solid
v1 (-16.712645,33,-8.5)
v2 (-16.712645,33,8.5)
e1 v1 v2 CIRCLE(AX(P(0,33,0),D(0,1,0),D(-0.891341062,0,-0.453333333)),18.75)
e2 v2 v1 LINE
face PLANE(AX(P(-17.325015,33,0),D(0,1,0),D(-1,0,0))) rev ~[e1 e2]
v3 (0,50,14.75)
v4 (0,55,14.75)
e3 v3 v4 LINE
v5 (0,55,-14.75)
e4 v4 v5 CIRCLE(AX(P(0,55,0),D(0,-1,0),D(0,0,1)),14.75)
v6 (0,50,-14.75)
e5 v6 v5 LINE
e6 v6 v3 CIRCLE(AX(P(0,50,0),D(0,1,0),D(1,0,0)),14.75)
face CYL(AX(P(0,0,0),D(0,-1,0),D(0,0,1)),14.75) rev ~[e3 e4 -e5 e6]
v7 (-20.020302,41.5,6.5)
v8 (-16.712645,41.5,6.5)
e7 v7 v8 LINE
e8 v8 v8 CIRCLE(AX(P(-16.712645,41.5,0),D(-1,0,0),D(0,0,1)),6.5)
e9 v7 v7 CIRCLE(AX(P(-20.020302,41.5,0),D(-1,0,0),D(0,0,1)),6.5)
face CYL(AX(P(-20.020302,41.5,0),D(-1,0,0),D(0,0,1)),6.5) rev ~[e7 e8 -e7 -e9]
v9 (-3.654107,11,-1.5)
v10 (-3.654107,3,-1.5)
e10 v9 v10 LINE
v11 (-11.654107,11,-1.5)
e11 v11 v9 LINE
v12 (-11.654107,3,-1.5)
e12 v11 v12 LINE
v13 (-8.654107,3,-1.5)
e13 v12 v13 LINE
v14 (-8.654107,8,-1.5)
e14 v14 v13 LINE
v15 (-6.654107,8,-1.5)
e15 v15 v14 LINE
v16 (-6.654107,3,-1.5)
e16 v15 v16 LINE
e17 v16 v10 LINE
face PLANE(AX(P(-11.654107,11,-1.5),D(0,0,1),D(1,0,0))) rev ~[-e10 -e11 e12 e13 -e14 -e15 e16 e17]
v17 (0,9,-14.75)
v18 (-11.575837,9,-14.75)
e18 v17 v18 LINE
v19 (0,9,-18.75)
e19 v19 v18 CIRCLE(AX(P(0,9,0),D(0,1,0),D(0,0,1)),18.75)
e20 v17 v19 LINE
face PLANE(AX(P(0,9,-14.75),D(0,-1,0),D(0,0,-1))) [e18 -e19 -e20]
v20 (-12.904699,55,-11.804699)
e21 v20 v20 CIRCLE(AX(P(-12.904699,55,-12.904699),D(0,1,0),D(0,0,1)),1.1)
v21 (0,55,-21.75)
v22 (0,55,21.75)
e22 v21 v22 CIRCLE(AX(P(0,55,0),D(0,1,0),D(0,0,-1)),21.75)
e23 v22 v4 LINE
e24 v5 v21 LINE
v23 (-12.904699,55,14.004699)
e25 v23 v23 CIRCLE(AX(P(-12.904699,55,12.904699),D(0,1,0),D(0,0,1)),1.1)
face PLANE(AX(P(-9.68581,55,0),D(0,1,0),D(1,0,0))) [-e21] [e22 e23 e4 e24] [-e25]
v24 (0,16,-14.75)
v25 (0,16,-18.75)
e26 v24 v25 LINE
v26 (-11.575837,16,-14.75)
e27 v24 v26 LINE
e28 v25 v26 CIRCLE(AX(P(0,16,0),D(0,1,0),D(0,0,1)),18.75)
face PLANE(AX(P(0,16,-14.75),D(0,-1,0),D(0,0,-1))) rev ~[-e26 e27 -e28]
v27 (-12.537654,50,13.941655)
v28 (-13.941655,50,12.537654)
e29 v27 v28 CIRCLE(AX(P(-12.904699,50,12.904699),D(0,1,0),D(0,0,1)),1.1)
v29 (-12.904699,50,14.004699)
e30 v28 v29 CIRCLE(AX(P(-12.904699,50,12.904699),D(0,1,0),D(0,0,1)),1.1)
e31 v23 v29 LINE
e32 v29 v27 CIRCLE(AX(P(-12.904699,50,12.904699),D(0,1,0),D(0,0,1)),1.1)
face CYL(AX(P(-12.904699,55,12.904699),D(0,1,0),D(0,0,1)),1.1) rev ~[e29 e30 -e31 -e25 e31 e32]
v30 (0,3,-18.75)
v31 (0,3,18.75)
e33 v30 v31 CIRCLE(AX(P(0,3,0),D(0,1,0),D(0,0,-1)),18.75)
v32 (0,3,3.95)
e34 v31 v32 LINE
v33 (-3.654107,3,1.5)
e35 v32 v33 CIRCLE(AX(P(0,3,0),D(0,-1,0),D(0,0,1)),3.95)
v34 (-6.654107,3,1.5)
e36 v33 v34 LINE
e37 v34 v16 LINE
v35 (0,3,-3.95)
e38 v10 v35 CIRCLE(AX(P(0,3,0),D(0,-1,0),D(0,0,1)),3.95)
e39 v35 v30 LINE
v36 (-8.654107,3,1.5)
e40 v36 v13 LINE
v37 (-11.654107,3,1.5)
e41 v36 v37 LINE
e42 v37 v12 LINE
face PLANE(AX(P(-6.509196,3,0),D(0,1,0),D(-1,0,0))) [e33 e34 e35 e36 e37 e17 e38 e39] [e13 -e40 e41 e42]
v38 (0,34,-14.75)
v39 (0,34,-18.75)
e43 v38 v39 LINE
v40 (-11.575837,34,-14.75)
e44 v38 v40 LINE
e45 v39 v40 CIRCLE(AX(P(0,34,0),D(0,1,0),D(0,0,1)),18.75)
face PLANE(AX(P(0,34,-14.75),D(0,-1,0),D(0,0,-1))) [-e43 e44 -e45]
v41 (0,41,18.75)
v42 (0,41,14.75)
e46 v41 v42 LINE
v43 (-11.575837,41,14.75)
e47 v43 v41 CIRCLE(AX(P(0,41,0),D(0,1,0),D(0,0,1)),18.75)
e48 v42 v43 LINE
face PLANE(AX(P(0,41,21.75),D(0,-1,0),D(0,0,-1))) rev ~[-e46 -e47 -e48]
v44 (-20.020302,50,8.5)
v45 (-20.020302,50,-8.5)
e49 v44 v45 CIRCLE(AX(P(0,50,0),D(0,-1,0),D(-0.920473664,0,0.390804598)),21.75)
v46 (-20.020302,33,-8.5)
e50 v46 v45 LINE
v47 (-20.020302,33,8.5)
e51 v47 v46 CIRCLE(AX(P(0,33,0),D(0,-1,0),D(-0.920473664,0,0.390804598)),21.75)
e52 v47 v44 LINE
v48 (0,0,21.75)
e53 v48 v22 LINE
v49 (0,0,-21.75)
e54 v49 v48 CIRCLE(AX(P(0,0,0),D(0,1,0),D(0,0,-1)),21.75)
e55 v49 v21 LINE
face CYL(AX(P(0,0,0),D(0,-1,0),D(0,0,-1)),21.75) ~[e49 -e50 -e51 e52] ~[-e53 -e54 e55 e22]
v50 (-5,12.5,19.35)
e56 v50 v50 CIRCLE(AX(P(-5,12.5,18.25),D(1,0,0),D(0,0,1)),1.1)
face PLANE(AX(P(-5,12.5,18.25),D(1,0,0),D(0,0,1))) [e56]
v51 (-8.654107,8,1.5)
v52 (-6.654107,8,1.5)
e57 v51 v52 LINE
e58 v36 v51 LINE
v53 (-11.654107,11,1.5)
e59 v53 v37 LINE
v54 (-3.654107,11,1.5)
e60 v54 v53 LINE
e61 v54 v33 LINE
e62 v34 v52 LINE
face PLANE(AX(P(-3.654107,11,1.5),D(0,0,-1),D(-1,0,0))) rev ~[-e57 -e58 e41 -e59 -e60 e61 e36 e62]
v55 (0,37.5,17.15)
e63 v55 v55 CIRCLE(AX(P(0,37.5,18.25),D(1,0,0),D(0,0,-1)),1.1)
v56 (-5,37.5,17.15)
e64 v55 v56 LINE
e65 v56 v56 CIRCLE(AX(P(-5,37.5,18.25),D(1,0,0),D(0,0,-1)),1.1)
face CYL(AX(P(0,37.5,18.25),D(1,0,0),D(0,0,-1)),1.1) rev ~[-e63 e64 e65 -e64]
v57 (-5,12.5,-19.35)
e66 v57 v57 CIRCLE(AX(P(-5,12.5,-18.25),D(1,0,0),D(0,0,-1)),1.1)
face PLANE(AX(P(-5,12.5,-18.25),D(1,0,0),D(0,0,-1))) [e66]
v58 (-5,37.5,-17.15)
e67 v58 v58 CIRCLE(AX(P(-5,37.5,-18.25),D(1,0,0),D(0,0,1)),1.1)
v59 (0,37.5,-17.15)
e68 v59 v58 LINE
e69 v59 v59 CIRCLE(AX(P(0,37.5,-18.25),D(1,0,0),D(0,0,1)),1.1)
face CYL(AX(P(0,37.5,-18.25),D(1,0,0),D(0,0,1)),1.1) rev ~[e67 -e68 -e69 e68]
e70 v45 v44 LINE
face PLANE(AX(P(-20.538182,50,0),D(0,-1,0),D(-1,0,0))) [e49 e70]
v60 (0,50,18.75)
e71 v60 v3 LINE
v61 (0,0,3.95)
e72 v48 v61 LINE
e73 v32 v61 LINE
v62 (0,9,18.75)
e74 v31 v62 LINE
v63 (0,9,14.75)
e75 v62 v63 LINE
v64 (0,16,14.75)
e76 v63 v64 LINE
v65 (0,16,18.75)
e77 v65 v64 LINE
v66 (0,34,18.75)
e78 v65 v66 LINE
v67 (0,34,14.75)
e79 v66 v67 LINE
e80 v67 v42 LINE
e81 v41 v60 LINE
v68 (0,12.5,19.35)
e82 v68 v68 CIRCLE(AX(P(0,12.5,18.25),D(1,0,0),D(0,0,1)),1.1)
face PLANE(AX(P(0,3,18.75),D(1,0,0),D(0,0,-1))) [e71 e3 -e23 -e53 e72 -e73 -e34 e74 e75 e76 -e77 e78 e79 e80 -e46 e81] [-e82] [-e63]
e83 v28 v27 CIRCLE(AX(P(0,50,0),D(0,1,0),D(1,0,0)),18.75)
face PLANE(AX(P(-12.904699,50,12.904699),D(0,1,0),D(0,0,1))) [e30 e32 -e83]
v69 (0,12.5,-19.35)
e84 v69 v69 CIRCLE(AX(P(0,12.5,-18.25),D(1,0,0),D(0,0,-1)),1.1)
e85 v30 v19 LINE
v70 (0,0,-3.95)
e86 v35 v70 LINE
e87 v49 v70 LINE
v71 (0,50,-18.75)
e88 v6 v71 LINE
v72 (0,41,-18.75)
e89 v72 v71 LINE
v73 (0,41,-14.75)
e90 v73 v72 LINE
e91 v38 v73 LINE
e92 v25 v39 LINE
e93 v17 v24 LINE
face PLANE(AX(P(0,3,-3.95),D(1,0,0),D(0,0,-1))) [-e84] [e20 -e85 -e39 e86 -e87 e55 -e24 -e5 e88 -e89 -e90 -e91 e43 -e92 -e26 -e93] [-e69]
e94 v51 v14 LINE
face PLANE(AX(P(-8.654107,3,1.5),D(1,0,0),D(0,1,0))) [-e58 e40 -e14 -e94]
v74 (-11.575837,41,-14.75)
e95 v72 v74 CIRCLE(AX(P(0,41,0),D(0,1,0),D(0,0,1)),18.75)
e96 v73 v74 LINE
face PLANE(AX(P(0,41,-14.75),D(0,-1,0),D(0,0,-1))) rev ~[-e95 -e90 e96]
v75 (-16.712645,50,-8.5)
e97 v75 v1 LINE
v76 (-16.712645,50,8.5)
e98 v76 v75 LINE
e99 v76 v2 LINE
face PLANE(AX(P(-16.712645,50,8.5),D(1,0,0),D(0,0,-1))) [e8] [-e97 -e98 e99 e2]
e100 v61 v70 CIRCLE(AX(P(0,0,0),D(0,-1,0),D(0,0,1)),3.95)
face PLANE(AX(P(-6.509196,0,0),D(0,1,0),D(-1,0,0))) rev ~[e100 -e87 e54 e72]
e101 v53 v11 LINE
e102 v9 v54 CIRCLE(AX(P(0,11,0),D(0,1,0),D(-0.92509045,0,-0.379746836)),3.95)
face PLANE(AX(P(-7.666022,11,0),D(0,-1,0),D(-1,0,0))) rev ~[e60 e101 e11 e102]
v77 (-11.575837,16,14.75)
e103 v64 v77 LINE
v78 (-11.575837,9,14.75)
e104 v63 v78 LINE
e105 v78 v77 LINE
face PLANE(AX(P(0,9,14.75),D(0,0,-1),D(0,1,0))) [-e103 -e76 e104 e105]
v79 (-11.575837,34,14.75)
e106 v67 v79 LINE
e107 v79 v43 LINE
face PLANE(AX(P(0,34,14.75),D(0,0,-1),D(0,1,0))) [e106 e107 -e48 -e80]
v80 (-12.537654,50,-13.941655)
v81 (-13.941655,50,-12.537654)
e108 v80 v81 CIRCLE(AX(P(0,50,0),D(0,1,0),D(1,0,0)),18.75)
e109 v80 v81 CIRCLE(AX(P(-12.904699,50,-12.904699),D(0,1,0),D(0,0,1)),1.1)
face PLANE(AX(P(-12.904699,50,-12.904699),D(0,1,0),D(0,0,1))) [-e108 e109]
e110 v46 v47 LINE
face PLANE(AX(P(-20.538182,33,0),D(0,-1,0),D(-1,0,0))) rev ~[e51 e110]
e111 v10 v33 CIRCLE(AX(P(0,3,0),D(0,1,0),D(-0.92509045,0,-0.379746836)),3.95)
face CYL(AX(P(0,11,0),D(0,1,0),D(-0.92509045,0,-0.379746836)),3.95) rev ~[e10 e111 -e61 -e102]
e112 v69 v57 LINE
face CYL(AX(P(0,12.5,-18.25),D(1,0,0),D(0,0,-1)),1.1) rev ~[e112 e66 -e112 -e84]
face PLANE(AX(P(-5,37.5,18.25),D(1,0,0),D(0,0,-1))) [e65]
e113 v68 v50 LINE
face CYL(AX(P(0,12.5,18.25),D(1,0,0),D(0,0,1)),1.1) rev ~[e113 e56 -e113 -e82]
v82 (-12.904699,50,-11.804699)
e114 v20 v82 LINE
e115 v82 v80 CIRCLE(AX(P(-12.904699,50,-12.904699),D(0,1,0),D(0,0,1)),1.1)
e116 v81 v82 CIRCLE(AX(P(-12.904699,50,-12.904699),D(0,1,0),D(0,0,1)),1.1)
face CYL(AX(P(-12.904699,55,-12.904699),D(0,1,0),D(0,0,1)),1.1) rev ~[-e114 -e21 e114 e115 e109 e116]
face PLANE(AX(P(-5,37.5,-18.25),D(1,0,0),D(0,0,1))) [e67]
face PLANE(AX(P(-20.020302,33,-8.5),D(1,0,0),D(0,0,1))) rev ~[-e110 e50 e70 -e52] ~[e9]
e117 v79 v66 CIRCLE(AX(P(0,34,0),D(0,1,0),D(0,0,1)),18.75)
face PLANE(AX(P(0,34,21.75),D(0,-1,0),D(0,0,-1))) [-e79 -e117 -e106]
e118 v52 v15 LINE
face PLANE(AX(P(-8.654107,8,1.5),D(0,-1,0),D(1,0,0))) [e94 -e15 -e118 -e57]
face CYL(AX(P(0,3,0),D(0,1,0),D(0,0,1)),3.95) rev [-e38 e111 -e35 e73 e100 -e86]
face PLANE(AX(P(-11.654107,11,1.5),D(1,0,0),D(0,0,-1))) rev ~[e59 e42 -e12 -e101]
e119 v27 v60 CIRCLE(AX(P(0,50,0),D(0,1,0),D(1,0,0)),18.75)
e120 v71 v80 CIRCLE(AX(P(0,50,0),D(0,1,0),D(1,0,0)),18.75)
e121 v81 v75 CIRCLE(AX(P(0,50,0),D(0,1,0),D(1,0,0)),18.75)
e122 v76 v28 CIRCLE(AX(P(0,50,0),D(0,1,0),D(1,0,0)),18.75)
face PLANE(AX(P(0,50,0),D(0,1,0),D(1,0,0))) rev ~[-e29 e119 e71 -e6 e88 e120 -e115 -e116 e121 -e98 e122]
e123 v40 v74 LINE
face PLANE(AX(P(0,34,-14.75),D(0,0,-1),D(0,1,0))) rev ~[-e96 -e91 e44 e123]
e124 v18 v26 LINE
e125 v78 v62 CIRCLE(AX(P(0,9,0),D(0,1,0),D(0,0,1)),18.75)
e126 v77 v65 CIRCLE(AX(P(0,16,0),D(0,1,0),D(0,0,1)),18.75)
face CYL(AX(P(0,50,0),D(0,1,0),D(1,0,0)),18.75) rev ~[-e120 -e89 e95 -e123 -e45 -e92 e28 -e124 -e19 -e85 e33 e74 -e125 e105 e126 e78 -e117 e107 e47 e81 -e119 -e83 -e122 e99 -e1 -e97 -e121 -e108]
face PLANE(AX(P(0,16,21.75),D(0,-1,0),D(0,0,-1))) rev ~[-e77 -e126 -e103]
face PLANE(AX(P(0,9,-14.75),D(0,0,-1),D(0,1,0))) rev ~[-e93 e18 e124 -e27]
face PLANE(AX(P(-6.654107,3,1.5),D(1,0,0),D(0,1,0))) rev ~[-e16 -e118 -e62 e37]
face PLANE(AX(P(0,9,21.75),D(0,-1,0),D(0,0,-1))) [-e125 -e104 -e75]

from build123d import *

# Parameters (mm, degrees)
EXTRUDE_1_DEPTH      = 55
CUT_EXTRUDE_START    = -5
SKETCH_2_R           = 18.75
SKETCH_2_R_2         = 14.75
CUT_EXTRUDE_1_DEPTH  = 59.016862823
EXTRUDE_3_REACH      = 65.017
EXTRUDE_3_END_RADIUS = 18.75
SKETCH_4_W           = 7
SKETCH_4_H           = 7
SKETCH_3_R           = 1.1
CUT_EXTRUDE_2_DEPTH  = 5
SKETCH_5_R           = 1.1
CUT_EXTRUDE_3_DEPTH  = 5
CUT_EXTRUDE_START_2  = -22
CUT_EXTRUDE_4_DEPTH  = 17
EXTRUDE_4_DEPTH      = 17
SKETCH_7_R           = 6.5
CUT_EXTRUDE_5_DEPTH  = 63.440972126
EXTRUDE_START        = -3
EXTRUDE_5_DEPTH      = 3
EXTRUDE_START_2      = 8
EXTRUDE_6_DEPTH      = 8
CUT_EXTRUDE_6_REACH  = 65.55
SKETCH_11_W          = 2
SKETCH_11_H          = 5


with BuildPart() as part:
    # ｽｹｯﾁ1 → ﾎﾞｽ - 押し出し1 (new body)
    with BuildSketch(Plane(origin=(0, 0, 0), x_dir=(1, 0, 0), z_dir=(0, 1, 0))):
        with BuildLine():
            Line((0, -21.75), (0, -14.75))
            ThreePointArc((0, -14.75), (-14.75, 0), (0, 14.75))
            Line((0, 14.75), (0, 21.75))
            ThreePointArc((0, 21.75), (-21.75, 0), (0, -21.75))
        make_face()
    extrude(amount=EXTRUDE_1_DEPTH)

    # ｽｹｯﾁ2 → ｶｯﾄ - 押し出し1 (cut, through all)
    with BuildSketch(Plane(origin=(0, 55, 0), x_dir=(1, 0, 0), z_dir=(0, 1, 0)).offset(CUT_EXTRUDE_START)):
        Circle(SKETCH_2_R)
        Circle(SKETCH_2_R_2, mode=Mode.SUBTRACT)
    extrude(amount=-CUT_EXTRUDE_1_DEPTH, mode=Mode.SUBTRACT)

    # ﾎﾞｽ - 押し出し3: up to this cylinder (the profile starts inside it)
    extrude_3_end = Plane(origin=(0, 25, 0), z_dir=(0, 1, 0)) * Cylinder(EXTRUDE_3_END_RADIUS, 193.534, mode=Mode.PRIVATE)
    # ｽｹｯﾁ4 → ﾎﾞｽ - 押し出し3 (add, up to the surface)
    with BuildSketch(Plane(origin=(0, 0, 0), x_dir=(0, 0, -1), z_dir=(1, 0, 0)), mode=Mode.PRIVATE) as extrude_3_sk1:
        with Locations((-18.25, 37.5)):
            Rectangle(SKETCH_4_W, SKETCH_4_H)
    extrude_3_tool1 = extrude(extrude_3_sk1.sketch, amount=-EXTRUDE_3_REACH, mode=Mode.PRIVATE) & extrude_3_end
    add(extrude_3_tool1.solids().sort_by_distance((0, 37.5, 18.25))[0])
    # ｽｹｯﾁ4 → ﾎﾞｽ - 押し出し3 (add, up to the surface)
    with BuildSketch(Plane(origin=(0, 0, 0), x_dir=(0, 0, -1), z_dir=(1, 0, 0)), mode=Mode.PRIVATE) as extrude_3_sk2:
        with Locations((-18.25, 12.5)):
            Rectangle(SKETCH_4_W, SKETCH_4_H)
    extrude_3_tool2 = extrude(extrude_3_sk2.sketch, amount=-EXTRUDE_3_REACH, mode=Mode.PRIVATE) & extrude_3_end
    add(extrude_3_tool2.solids().sort_by_distance((0, 12.5, 18.25))[0])
    # ｽｹｯﾁ4 → ﾎﾞｽ - 押し出し3 (add, up to the surface)
    with BuildSketch(Plane(origin=(0, 0, 0), x_dir=(0, 0, -1), z_dir=(1, 0, 0)), mode=Mode.PRIVATE) as extrude_3_sk3:
        with Locations((18.25, 12.5)):
            Rectangle(SKETCH_4_W, SKETCH_4_H)
    extrude_3_tool3 = extrude(extrude_3_sk3.sketch, amount=-EXTRUDE_3_REACH, mode=Mode.PRIVATE) & extrude_3_end
    add(extrude_3_tool3.solids().sort_by_distance((0, 12.5, -18.25))[0])
    # ｽｹｯﾁ4 → ﾎﾞｽ - 押し出し3 (add, up to the surface)
    with BuildSketch(Plane(origin=(0, 0, 0), x_dir=(0, 0, -1), z_dir=(1, 0, 0)), mode=Mode.PRIVATE) as extrude_3_sk4:
        with Locations((18.25, 37.5)):
            Rectangle(SKETCH_4_W, SKETCH_4_H)
    extrude_3_tool4 = extrude(extrude_3_sk4.sketch, amount=-EXTRUDE_3_REACH, mode=Mode.PRIVATE) & extrude_3_end
    add(extrude_3_tool4.solids().sort_by_distance((0, 37.5, -18.25))[0])

    # ｽｹｯﾁ3 → ｶｯﾄ - 押し出し2 (cut)
    with BuildSketch(Plane(origin=(0, 0, 0), x_dir=(0, 0, -1), z_dir=(1, 0, 0))):
        with Locations((-18.25, 37.5)):
            Circle(SKETCH_3_R)
        with Locations(Location((18.25, 37.5, 0), (0, 0, 180))):
            Circle(SKETCH_3_R)
        with Locations((18.25, 12.5)):
            Circle(SKETCH_3_R)
        with Locations(Location((-18.25, 12.5, 0), (0, 0, 180))):
            Circle(SKETCH_3_R)
    extrude(amount=-CUT_EXTRUDE_2_DEPTH, mode=Mode.SUBTRACT)

    # ｽｹｯﾁ5 → ｶｯﾄ - 押し出し3 (cut)
    with BuildSketch(Plane(origin=(0, 55, 0), x_dir=(1, 0, 0), z_dir=(0, 1, 0))):
        with Locations(Location((-12.904698757, -12.904698757, 0), (0, 0, 270))):
            Circle(SKETCH_5_R)
        with Locations(Location((-12.904698757, 12.904698757, 0), (0, 0, 270))):
            Circle(SKETCH_5_R)
    extrude(amount=-CUT_EXTRUDE_3_DEPTH, mode=Mode.SUBTRACT)

    # ｽｹｯﾁ6 → ｶｯﾄ - 押し出し4 (cut)
    with BuildSketch(Plane(origin=(0, 55, 0), x_dir=(1, 0, 0), z_dir=(0, 1, 0)).offset(CUT_EXTRUDE_START_2)):
        with BuildLine():
            Line((-20.020302196, 8.5), (-20.020302196, -8.5))
            ThreePointArc((-20.020302196, -8.5), (-21.75, 0), (-20.020302196, 8.5))
        make_face()
    extrude(amount=CUT_EXTRUDE_4_DEPTH, mode=Mode.SUBTRACT)

    # ｽｹｯﾁ8 → ﾎﾞｽ - 押し出し4 (add)
    with BuildSketch(Plane.XZ.offset(-50)):
        with BuildLine():
            Line((-16.712644913, 8.5), (-16.712644913, -8.5))
            ThreePointArc((-16.712644913, -8.5), (-18.75, 0), (-16.712644913, 8.5))
        make_face()
    extrude(amount=EXTRUDE_4_DEPTH)

    # ｽｹｯﾁ7 → ｶｯﾄ - 押し出し5 (cut, through all)
    with BuildSketch(Plane.ZY.offset(20.020302196)):
        with Locations((0, 41.5)):
            Circle(SKETCH_7_R)
    extrude(amount=-CUT_EXTRUDE_5_DEPTH, mode=Mode.SUBTRACT)

    # ｽｹｯﾁ9 → ﾎﾞｽ - 押し出し5 (add)
    with BuildSketch(Plane.XZ.offset(EXTRUDE_START)):
        with BuildLine():
            Line((0, 18.75), (0, 3.95))
            ThreePointArc((0, 3.95), (-3.95, 0), (0, -3.95))
            Line((0, -3.95), (0, -18.75))
            ThreePointArc((0, -18.75), (-18.75, 0), (0, 18.75))
        make_face()
    extrude(amount=EXTRUDE_5_DEPTH)

    # ｽｹｯﾁ10 → ﾎﾞｽ - 押し出し6 (add)
    with BuildSketch(Plane(origin=(0, 3, 0), x_dir=(1, 0, 0), z_dir=(0, 1, 0)).offset(EXTRUDE_START_2)):
        with BuildLine():
            Line((-3.654107278, -1.5), (-11.654107278, -1.5))
            Line((-11.654107278, -1.5), (-11.654107278, 1.5))
            Line((-11.654107278, 1.5), (-3.654107278, 1.5))
            ThreePointArc((-3.654107278, 1.5), (-3.95, 0), (-3.654107278, -1.5))
        make_face()
    extrude(amount=-EXTRUDE_6_DEPTH)

    # ｽｹｯﾁ11 → ｶｯﾄ - 押し出し6 (cut, up to next)
    with BuildSketch(Plane.XY.offset(1.5), mode=Mode.PRIVATE) as cut_extrude_6_sk1:
        with Locations((-7.654107278, 5.5)):
            Rectangle(SKETCH_11_W, SKETCH_11_H)
    cut_extrude_6_tool1 = extrude(cut_extrude_6_sk1.sketch, amount=-CUT_EXTRUDE_6_REACH, mode=Mode.PRIVATE) & part.part
    add(cut_extrude_6_tool1.solids().sort_by_distance((-7.654107, 5.5, 1.5))[0], mode=Mode.SUBTRACT)


solid = part.part
